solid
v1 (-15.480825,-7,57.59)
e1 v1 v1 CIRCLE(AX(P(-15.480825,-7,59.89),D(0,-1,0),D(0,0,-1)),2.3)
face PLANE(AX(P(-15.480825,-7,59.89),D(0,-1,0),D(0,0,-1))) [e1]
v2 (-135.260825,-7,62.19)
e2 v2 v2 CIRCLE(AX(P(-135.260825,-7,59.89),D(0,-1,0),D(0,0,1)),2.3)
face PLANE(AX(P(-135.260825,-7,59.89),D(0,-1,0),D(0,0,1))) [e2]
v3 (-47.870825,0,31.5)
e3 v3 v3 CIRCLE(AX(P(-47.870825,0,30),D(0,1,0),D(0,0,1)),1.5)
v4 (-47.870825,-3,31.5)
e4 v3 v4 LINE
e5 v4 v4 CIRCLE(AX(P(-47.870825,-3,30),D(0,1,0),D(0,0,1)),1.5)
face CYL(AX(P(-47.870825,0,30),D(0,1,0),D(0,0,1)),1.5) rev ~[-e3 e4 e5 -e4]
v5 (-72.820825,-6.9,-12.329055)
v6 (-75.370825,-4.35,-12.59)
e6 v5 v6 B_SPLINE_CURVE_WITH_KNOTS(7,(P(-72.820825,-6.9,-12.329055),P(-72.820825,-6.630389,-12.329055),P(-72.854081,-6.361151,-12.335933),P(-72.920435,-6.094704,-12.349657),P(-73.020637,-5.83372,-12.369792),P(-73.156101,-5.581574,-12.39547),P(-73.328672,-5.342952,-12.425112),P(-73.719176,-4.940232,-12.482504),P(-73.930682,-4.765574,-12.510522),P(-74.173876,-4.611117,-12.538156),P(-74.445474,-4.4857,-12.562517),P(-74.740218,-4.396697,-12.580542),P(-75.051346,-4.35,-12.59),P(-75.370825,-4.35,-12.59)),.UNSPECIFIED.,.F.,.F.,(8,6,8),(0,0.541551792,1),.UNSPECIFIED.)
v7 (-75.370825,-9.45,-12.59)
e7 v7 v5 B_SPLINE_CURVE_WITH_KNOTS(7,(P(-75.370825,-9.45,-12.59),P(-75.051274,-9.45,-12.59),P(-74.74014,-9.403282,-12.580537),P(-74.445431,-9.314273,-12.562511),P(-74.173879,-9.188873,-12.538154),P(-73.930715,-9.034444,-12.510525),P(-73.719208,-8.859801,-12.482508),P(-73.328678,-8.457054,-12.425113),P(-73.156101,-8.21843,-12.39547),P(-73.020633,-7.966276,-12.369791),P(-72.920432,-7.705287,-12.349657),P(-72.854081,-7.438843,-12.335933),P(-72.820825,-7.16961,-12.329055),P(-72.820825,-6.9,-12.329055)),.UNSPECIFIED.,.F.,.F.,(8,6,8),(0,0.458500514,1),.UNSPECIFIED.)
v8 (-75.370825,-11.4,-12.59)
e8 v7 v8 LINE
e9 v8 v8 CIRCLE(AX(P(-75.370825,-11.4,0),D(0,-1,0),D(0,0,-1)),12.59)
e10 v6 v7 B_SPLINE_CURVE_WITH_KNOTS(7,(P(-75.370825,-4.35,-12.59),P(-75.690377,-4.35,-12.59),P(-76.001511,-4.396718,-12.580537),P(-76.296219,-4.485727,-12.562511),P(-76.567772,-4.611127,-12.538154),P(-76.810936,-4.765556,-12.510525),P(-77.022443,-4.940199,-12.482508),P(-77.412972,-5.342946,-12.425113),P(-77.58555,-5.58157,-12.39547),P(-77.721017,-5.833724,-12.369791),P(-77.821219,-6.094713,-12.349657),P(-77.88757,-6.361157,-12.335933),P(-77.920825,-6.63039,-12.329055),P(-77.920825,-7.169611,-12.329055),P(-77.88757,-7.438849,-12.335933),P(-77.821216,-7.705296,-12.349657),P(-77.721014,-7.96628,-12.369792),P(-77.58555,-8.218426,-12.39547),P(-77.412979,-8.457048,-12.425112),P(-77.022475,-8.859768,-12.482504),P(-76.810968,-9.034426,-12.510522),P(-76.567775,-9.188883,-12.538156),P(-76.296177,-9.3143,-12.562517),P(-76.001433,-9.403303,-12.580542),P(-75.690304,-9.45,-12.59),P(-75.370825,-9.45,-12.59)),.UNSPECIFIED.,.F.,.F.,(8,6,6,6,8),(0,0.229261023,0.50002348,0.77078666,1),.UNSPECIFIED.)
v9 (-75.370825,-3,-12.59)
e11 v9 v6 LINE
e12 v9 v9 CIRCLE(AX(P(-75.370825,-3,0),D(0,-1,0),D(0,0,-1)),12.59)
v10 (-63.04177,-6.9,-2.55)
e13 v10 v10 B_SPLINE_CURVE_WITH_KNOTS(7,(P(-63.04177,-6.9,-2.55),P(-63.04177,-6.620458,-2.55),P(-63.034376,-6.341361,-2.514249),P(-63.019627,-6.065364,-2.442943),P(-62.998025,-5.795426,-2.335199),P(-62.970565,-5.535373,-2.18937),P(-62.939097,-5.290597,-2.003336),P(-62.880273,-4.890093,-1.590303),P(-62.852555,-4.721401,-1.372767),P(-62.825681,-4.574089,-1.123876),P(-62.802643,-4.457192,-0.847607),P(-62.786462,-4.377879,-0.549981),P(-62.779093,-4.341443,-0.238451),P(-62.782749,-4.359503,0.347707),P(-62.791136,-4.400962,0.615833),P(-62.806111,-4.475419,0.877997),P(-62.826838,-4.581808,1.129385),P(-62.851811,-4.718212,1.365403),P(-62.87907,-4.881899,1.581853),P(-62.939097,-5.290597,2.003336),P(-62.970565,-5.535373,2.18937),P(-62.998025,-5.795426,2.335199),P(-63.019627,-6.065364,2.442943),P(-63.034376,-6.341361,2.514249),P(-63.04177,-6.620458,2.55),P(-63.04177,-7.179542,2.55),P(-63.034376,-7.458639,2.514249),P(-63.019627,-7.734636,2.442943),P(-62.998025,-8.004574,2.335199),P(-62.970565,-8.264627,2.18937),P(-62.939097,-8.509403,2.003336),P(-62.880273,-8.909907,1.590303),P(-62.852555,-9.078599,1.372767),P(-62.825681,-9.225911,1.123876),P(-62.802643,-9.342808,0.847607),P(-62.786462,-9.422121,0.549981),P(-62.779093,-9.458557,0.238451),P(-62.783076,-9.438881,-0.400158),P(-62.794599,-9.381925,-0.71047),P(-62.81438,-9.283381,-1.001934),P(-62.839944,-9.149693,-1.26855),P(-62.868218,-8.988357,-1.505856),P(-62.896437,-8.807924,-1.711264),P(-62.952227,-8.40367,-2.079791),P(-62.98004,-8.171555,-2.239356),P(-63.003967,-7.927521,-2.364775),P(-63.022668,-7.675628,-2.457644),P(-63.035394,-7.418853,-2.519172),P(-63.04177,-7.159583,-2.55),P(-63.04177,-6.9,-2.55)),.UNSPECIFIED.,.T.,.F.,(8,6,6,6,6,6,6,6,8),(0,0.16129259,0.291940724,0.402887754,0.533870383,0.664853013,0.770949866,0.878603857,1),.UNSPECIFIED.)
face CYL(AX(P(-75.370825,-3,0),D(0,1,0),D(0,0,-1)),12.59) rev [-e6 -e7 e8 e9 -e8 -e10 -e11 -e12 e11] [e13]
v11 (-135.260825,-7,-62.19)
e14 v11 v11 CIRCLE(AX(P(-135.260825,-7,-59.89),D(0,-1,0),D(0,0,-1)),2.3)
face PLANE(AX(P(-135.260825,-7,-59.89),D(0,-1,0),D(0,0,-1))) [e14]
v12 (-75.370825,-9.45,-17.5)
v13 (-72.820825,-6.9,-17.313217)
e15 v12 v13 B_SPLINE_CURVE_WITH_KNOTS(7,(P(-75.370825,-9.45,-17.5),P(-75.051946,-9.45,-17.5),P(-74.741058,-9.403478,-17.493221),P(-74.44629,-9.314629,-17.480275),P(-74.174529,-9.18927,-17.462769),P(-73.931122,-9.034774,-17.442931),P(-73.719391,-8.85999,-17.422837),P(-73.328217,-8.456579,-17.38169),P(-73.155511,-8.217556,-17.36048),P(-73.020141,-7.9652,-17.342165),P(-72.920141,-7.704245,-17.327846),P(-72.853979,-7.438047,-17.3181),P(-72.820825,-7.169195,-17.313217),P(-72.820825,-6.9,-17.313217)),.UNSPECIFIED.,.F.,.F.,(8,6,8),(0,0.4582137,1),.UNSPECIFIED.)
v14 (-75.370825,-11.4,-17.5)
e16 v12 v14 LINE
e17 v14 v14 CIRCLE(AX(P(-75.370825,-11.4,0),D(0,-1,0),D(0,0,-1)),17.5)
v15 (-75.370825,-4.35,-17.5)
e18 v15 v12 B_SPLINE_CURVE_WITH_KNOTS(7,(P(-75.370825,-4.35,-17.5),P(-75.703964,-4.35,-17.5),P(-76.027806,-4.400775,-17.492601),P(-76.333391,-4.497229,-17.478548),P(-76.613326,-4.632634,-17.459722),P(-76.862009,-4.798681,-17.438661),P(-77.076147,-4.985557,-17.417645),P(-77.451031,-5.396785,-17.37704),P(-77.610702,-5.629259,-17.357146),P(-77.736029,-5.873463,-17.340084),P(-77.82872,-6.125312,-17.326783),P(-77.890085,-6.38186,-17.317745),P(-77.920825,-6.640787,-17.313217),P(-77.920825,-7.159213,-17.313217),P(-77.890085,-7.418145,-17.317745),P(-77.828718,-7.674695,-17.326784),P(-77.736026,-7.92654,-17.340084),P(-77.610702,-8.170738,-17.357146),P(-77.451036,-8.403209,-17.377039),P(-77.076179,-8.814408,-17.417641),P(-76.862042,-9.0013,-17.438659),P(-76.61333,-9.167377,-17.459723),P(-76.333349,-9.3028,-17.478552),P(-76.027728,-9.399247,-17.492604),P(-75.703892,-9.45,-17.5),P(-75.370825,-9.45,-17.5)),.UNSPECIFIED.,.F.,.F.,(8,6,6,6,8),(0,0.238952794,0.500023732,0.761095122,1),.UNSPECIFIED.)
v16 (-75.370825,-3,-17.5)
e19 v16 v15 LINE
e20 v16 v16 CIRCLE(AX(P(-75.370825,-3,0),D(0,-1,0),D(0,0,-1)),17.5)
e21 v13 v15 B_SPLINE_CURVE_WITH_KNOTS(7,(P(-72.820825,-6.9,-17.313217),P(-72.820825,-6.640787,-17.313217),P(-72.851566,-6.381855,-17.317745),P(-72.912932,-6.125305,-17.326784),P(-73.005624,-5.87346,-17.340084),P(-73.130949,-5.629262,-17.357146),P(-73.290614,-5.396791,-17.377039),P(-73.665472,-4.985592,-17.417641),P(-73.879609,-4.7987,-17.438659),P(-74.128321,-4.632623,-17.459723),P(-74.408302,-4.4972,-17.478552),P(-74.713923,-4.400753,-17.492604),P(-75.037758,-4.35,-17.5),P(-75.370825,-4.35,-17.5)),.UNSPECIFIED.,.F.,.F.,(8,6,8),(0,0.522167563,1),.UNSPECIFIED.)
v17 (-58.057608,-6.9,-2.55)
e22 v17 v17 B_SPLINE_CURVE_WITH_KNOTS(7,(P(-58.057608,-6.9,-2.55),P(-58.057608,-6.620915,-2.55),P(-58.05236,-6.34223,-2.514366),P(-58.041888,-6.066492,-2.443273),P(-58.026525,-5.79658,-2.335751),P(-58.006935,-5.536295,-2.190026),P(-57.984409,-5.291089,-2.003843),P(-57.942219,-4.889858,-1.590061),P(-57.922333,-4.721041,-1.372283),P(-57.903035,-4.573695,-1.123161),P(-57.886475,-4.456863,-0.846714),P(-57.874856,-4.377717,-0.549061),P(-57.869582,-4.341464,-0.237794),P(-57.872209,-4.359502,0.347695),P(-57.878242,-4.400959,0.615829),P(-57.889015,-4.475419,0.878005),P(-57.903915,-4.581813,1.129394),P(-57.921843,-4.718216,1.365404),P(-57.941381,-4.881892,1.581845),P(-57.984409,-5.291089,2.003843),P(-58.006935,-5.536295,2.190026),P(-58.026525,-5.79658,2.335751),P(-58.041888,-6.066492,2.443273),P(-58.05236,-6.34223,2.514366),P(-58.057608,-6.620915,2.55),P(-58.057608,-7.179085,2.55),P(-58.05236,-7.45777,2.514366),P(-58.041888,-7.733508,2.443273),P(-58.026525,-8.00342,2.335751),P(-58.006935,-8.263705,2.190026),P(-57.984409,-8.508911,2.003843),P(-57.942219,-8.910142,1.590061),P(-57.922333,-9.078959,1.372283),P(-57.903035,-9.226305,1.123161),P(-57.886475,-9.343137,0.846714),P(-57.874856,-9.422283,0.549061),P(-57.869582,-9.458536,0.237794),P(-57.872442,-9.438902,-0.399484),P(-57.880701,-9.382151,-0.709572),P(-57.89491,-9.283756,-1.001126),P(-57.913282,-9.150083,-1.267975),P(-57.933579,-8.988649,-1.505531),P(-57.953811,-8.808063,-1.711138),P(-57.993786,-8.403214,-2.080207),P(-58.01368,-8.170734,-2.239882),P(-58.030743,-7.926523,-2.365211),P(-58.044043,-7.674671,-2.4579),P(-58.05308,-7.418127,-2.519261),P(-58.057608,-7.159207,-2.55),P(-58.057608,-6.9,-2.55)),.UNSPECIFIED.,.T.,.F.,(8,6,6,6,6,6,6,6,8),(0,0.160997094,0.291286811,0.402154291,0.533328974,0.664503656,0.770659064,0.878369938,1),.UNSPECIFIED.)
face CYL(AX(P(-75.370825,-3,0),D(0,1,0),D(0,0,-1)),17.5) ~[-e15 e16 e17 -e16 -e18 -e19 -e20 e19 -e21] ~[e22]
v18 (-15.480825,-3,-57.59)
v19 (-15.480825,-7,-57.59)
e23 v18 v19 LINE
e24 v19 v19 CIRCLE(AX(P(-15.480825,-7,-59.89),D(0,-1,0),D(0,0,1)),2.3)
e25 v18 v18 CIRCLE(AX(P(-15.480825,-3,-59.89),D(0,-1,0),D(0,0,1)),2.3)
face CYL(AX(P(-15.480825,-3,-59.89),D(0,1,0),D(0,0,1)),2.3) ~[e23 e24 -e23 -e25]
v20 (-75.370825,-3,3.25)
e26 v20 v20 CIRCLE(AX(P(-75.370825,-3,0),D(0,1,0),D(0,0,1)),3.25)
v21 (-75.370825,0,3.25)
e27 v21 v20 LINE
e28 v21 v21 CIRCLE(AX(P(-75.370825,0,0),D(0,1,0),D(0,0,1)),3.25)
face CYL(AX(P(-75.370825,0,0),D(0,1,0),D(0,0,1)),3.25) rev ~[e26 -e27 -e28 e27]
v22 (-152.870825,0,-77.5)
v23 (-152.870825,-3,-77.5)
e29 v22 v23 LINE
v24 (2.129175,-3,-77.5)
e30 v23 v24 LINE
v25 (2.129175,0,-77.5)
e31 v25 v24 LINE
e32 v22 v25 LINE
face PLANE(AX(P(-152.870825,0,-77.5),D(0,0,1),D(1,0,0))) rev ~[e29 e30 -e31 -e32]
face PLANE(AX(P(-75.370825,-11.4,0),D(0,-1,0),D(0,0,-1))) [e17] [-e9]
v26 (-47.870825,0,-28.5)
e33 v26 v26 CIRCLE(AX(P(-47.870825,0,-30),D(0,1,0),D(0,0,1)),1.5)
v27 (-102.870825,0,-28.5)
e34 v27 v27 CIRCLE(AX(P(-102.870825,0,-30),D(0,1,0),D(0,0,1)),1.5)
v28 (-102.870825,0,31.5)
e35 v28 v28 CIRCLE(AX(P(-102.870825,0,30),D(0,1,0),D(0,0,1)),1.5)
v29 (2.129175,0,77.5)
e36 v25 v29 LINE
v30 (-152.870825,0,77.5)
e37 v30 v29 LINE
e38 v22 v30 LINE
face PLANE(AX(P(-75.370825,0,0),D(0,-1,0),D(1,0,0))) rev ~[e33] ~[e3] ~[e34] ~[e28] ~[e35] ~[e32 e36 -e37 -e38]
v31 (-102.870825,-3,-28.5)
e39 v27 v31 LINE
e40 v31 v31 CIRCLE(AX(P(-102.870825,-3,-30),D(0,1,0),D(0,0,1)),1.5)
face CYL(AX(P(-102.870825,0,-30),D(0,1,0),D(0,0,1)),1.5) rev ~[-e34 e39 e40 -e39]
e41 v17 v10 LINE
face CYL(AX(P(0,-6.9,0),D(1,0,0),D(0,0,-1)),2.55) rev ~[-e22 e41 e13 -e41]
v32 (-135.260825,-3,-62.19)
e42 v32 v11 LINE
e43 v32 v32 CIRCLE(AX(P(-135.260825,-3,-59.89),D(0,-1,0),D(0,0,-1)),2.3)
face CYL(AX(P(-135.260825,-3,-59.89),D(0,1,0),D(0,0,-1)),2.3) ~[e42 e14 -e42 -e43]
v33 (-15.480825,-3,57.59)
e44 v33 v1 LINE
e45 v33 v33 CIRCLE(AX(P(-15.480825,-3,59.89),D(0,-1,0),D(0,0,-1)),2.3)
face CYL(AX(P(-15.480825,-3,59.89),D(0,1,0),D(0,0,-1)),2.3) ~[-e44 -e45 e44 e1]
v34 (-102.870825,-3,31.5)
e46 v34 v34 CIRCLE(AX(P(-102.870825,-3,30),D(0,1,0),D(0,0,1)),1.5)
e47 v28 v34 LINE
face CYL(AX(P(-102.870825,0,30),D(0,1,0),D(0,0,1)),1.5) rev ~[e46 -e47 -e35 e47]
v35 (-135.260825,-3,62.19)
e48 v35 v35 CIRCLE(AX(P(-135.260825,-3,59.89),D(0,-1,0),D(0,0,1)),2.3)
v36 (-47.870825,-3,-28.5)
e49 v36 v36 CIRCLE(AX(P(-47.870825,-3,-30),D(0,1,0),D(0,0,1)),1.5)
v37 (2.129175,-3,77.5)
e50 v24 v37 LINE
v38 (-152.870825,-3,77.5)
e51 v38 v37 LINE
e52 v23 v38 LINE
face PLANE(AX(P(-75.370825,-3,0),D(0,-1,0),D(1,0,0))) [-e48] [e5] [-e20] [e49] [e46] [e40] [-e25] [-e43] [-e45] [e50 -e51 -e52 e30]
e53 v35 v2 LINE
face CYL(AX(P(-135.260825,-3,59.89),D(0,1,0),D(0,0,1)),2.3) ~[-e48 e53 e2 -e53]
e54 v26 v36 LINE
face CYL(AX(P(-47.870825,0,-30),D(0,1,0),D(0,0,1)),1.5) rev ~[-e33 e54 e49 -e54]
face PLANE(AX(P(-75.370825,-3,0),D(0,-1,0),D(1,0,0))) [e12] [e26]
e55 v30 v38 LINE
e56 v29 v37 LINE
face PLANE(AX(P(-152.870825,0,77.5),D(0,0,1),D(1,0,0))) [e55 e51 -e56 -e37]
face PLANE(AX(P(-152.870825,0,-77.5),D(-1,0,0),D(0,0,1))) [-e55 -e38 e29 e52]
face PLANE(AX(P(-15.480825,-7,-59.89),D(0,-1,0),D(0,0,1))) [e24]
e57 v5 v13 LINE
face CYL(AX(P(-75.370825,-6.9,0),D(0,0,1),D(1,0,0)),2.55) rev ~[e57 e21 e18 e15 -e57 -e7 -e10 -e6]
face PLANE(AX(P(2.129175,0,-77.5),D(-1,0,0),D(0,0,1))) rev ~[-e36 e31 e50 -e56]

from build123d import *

# Parameters (mm, degrees)
SKETCH10_W          = 155
SKETCH10_H          = 155
BOSS_EXTRUDE3_DEPTH = 3
SKETCH11_R          = 17.5
SKETCH11_R_2        = 12.59
BOSS_EXTRUDE4_DEPTH = 8.4
SKETCH11_4_R        = 2.3
BOSS_EXTRUDE6_DEPTH = 4
SKETCH12_R          = 2.55
CUT_EXTRUDE1_DEPTH  = 37
SKETCH14_R          = 2.55
CUT_EXTRUDE2_DEPTH  = 75
SKETCH15_R          = 1.5
SKETCH15_R_2        = 3.25
CUT_EXTRUDE3_DEPTH  = 95


with BuildPart() as part:
    # Sketch10 → Boss-Extrude3 (new body)
    with BuildSketch(Plane.XZ):
        with Locations((-75.370825338, 0)):
            Rectangle(SKETCH10_W, SKETCH10_H)
    extrude(amount=BOSS_EXTRUDE3_DEPTH)

    # Sketch11 → Boss-Extrude4 (add)
    with BuildSketch(Plane.XZ.offset(3)):
        with Locations((-75.370825338, 0)):
            Circle(SKETCH11_R)
        with Locations((-75.370825338, 0)):
            Circle(SKETCH11_R_2, mode=Mode.SUBTRACT)
    extrude(amount=BOSS_EXTRUDE4_DEPTH)

    # Sketch11<4> → Boss-Extrude6 (add)
    with BuildSketch(Plane.XZ.offset(3)):
        with Locations((-135.260825338, 59.89)):
            Circle(SKETCH11_4_R)
        with Locations((-15.480825338, 59.89)):
            Circle(SKETCH11_4_R)
        with Locations((-15.480825338, -59.89)):
            Circle(SKETCH11_4_R)
        with Locations((-135.260825338, -59.89)):
            Circle(SKETCH11_4_R)
    extrude(amount=BOSS_EXTRUDE6_DEPTH)

    # Sketch12 → Cut-Extrude1 (cut)
    with BuildSketch(Plane.XY):
        with Locations((-75.370825338, -6.9)):
            Circle(SKETCH12_R)
    extrude(amount=-CUT_EXTRUDE1_DEPTH, mode=Mode.SUBTRACT)

    # Sketch14 → Cut-Extrude2 (cut)
    with BuildSketch(Plane(origin=(0, 0, 0), x_dir=(0, 0, -1), z_dir=(1, 0, 0))):
        with Locations((0, -6.9)):
            Circle(SKETCH14_R)
    extrude(amount=-CUT_EXTRUDE2_DEPTH, mode=Mode.SUBTRACT)

    # Sketch15 → Cut-Extrude3 (cut)
    with BuildSketch(Plane(origin=(0, 0, 0), x_dir=(1, 0, 0), z_dir=(0, 1, 0))):
        with Locations((-102.870825338, 30)):
            Circle(SKETCH15_R)
        with Locations((-47.870825338, 30)):
            Circle(SKETCH15_R)
        with Locations((-47.870825338, -30)):
            Circle(SKETCH15_R)
        with Locations((-102.870825338, -30)):
            Circle(SKETCH15_R)
        with Locations((-75.370825338, 0)):
            Circle(SKETCH15_R_2)
    extrude(amount=-CUT_EXTRUDE3_DEPTH, mode=Mode.SUBTRACT)


solid = part.part
